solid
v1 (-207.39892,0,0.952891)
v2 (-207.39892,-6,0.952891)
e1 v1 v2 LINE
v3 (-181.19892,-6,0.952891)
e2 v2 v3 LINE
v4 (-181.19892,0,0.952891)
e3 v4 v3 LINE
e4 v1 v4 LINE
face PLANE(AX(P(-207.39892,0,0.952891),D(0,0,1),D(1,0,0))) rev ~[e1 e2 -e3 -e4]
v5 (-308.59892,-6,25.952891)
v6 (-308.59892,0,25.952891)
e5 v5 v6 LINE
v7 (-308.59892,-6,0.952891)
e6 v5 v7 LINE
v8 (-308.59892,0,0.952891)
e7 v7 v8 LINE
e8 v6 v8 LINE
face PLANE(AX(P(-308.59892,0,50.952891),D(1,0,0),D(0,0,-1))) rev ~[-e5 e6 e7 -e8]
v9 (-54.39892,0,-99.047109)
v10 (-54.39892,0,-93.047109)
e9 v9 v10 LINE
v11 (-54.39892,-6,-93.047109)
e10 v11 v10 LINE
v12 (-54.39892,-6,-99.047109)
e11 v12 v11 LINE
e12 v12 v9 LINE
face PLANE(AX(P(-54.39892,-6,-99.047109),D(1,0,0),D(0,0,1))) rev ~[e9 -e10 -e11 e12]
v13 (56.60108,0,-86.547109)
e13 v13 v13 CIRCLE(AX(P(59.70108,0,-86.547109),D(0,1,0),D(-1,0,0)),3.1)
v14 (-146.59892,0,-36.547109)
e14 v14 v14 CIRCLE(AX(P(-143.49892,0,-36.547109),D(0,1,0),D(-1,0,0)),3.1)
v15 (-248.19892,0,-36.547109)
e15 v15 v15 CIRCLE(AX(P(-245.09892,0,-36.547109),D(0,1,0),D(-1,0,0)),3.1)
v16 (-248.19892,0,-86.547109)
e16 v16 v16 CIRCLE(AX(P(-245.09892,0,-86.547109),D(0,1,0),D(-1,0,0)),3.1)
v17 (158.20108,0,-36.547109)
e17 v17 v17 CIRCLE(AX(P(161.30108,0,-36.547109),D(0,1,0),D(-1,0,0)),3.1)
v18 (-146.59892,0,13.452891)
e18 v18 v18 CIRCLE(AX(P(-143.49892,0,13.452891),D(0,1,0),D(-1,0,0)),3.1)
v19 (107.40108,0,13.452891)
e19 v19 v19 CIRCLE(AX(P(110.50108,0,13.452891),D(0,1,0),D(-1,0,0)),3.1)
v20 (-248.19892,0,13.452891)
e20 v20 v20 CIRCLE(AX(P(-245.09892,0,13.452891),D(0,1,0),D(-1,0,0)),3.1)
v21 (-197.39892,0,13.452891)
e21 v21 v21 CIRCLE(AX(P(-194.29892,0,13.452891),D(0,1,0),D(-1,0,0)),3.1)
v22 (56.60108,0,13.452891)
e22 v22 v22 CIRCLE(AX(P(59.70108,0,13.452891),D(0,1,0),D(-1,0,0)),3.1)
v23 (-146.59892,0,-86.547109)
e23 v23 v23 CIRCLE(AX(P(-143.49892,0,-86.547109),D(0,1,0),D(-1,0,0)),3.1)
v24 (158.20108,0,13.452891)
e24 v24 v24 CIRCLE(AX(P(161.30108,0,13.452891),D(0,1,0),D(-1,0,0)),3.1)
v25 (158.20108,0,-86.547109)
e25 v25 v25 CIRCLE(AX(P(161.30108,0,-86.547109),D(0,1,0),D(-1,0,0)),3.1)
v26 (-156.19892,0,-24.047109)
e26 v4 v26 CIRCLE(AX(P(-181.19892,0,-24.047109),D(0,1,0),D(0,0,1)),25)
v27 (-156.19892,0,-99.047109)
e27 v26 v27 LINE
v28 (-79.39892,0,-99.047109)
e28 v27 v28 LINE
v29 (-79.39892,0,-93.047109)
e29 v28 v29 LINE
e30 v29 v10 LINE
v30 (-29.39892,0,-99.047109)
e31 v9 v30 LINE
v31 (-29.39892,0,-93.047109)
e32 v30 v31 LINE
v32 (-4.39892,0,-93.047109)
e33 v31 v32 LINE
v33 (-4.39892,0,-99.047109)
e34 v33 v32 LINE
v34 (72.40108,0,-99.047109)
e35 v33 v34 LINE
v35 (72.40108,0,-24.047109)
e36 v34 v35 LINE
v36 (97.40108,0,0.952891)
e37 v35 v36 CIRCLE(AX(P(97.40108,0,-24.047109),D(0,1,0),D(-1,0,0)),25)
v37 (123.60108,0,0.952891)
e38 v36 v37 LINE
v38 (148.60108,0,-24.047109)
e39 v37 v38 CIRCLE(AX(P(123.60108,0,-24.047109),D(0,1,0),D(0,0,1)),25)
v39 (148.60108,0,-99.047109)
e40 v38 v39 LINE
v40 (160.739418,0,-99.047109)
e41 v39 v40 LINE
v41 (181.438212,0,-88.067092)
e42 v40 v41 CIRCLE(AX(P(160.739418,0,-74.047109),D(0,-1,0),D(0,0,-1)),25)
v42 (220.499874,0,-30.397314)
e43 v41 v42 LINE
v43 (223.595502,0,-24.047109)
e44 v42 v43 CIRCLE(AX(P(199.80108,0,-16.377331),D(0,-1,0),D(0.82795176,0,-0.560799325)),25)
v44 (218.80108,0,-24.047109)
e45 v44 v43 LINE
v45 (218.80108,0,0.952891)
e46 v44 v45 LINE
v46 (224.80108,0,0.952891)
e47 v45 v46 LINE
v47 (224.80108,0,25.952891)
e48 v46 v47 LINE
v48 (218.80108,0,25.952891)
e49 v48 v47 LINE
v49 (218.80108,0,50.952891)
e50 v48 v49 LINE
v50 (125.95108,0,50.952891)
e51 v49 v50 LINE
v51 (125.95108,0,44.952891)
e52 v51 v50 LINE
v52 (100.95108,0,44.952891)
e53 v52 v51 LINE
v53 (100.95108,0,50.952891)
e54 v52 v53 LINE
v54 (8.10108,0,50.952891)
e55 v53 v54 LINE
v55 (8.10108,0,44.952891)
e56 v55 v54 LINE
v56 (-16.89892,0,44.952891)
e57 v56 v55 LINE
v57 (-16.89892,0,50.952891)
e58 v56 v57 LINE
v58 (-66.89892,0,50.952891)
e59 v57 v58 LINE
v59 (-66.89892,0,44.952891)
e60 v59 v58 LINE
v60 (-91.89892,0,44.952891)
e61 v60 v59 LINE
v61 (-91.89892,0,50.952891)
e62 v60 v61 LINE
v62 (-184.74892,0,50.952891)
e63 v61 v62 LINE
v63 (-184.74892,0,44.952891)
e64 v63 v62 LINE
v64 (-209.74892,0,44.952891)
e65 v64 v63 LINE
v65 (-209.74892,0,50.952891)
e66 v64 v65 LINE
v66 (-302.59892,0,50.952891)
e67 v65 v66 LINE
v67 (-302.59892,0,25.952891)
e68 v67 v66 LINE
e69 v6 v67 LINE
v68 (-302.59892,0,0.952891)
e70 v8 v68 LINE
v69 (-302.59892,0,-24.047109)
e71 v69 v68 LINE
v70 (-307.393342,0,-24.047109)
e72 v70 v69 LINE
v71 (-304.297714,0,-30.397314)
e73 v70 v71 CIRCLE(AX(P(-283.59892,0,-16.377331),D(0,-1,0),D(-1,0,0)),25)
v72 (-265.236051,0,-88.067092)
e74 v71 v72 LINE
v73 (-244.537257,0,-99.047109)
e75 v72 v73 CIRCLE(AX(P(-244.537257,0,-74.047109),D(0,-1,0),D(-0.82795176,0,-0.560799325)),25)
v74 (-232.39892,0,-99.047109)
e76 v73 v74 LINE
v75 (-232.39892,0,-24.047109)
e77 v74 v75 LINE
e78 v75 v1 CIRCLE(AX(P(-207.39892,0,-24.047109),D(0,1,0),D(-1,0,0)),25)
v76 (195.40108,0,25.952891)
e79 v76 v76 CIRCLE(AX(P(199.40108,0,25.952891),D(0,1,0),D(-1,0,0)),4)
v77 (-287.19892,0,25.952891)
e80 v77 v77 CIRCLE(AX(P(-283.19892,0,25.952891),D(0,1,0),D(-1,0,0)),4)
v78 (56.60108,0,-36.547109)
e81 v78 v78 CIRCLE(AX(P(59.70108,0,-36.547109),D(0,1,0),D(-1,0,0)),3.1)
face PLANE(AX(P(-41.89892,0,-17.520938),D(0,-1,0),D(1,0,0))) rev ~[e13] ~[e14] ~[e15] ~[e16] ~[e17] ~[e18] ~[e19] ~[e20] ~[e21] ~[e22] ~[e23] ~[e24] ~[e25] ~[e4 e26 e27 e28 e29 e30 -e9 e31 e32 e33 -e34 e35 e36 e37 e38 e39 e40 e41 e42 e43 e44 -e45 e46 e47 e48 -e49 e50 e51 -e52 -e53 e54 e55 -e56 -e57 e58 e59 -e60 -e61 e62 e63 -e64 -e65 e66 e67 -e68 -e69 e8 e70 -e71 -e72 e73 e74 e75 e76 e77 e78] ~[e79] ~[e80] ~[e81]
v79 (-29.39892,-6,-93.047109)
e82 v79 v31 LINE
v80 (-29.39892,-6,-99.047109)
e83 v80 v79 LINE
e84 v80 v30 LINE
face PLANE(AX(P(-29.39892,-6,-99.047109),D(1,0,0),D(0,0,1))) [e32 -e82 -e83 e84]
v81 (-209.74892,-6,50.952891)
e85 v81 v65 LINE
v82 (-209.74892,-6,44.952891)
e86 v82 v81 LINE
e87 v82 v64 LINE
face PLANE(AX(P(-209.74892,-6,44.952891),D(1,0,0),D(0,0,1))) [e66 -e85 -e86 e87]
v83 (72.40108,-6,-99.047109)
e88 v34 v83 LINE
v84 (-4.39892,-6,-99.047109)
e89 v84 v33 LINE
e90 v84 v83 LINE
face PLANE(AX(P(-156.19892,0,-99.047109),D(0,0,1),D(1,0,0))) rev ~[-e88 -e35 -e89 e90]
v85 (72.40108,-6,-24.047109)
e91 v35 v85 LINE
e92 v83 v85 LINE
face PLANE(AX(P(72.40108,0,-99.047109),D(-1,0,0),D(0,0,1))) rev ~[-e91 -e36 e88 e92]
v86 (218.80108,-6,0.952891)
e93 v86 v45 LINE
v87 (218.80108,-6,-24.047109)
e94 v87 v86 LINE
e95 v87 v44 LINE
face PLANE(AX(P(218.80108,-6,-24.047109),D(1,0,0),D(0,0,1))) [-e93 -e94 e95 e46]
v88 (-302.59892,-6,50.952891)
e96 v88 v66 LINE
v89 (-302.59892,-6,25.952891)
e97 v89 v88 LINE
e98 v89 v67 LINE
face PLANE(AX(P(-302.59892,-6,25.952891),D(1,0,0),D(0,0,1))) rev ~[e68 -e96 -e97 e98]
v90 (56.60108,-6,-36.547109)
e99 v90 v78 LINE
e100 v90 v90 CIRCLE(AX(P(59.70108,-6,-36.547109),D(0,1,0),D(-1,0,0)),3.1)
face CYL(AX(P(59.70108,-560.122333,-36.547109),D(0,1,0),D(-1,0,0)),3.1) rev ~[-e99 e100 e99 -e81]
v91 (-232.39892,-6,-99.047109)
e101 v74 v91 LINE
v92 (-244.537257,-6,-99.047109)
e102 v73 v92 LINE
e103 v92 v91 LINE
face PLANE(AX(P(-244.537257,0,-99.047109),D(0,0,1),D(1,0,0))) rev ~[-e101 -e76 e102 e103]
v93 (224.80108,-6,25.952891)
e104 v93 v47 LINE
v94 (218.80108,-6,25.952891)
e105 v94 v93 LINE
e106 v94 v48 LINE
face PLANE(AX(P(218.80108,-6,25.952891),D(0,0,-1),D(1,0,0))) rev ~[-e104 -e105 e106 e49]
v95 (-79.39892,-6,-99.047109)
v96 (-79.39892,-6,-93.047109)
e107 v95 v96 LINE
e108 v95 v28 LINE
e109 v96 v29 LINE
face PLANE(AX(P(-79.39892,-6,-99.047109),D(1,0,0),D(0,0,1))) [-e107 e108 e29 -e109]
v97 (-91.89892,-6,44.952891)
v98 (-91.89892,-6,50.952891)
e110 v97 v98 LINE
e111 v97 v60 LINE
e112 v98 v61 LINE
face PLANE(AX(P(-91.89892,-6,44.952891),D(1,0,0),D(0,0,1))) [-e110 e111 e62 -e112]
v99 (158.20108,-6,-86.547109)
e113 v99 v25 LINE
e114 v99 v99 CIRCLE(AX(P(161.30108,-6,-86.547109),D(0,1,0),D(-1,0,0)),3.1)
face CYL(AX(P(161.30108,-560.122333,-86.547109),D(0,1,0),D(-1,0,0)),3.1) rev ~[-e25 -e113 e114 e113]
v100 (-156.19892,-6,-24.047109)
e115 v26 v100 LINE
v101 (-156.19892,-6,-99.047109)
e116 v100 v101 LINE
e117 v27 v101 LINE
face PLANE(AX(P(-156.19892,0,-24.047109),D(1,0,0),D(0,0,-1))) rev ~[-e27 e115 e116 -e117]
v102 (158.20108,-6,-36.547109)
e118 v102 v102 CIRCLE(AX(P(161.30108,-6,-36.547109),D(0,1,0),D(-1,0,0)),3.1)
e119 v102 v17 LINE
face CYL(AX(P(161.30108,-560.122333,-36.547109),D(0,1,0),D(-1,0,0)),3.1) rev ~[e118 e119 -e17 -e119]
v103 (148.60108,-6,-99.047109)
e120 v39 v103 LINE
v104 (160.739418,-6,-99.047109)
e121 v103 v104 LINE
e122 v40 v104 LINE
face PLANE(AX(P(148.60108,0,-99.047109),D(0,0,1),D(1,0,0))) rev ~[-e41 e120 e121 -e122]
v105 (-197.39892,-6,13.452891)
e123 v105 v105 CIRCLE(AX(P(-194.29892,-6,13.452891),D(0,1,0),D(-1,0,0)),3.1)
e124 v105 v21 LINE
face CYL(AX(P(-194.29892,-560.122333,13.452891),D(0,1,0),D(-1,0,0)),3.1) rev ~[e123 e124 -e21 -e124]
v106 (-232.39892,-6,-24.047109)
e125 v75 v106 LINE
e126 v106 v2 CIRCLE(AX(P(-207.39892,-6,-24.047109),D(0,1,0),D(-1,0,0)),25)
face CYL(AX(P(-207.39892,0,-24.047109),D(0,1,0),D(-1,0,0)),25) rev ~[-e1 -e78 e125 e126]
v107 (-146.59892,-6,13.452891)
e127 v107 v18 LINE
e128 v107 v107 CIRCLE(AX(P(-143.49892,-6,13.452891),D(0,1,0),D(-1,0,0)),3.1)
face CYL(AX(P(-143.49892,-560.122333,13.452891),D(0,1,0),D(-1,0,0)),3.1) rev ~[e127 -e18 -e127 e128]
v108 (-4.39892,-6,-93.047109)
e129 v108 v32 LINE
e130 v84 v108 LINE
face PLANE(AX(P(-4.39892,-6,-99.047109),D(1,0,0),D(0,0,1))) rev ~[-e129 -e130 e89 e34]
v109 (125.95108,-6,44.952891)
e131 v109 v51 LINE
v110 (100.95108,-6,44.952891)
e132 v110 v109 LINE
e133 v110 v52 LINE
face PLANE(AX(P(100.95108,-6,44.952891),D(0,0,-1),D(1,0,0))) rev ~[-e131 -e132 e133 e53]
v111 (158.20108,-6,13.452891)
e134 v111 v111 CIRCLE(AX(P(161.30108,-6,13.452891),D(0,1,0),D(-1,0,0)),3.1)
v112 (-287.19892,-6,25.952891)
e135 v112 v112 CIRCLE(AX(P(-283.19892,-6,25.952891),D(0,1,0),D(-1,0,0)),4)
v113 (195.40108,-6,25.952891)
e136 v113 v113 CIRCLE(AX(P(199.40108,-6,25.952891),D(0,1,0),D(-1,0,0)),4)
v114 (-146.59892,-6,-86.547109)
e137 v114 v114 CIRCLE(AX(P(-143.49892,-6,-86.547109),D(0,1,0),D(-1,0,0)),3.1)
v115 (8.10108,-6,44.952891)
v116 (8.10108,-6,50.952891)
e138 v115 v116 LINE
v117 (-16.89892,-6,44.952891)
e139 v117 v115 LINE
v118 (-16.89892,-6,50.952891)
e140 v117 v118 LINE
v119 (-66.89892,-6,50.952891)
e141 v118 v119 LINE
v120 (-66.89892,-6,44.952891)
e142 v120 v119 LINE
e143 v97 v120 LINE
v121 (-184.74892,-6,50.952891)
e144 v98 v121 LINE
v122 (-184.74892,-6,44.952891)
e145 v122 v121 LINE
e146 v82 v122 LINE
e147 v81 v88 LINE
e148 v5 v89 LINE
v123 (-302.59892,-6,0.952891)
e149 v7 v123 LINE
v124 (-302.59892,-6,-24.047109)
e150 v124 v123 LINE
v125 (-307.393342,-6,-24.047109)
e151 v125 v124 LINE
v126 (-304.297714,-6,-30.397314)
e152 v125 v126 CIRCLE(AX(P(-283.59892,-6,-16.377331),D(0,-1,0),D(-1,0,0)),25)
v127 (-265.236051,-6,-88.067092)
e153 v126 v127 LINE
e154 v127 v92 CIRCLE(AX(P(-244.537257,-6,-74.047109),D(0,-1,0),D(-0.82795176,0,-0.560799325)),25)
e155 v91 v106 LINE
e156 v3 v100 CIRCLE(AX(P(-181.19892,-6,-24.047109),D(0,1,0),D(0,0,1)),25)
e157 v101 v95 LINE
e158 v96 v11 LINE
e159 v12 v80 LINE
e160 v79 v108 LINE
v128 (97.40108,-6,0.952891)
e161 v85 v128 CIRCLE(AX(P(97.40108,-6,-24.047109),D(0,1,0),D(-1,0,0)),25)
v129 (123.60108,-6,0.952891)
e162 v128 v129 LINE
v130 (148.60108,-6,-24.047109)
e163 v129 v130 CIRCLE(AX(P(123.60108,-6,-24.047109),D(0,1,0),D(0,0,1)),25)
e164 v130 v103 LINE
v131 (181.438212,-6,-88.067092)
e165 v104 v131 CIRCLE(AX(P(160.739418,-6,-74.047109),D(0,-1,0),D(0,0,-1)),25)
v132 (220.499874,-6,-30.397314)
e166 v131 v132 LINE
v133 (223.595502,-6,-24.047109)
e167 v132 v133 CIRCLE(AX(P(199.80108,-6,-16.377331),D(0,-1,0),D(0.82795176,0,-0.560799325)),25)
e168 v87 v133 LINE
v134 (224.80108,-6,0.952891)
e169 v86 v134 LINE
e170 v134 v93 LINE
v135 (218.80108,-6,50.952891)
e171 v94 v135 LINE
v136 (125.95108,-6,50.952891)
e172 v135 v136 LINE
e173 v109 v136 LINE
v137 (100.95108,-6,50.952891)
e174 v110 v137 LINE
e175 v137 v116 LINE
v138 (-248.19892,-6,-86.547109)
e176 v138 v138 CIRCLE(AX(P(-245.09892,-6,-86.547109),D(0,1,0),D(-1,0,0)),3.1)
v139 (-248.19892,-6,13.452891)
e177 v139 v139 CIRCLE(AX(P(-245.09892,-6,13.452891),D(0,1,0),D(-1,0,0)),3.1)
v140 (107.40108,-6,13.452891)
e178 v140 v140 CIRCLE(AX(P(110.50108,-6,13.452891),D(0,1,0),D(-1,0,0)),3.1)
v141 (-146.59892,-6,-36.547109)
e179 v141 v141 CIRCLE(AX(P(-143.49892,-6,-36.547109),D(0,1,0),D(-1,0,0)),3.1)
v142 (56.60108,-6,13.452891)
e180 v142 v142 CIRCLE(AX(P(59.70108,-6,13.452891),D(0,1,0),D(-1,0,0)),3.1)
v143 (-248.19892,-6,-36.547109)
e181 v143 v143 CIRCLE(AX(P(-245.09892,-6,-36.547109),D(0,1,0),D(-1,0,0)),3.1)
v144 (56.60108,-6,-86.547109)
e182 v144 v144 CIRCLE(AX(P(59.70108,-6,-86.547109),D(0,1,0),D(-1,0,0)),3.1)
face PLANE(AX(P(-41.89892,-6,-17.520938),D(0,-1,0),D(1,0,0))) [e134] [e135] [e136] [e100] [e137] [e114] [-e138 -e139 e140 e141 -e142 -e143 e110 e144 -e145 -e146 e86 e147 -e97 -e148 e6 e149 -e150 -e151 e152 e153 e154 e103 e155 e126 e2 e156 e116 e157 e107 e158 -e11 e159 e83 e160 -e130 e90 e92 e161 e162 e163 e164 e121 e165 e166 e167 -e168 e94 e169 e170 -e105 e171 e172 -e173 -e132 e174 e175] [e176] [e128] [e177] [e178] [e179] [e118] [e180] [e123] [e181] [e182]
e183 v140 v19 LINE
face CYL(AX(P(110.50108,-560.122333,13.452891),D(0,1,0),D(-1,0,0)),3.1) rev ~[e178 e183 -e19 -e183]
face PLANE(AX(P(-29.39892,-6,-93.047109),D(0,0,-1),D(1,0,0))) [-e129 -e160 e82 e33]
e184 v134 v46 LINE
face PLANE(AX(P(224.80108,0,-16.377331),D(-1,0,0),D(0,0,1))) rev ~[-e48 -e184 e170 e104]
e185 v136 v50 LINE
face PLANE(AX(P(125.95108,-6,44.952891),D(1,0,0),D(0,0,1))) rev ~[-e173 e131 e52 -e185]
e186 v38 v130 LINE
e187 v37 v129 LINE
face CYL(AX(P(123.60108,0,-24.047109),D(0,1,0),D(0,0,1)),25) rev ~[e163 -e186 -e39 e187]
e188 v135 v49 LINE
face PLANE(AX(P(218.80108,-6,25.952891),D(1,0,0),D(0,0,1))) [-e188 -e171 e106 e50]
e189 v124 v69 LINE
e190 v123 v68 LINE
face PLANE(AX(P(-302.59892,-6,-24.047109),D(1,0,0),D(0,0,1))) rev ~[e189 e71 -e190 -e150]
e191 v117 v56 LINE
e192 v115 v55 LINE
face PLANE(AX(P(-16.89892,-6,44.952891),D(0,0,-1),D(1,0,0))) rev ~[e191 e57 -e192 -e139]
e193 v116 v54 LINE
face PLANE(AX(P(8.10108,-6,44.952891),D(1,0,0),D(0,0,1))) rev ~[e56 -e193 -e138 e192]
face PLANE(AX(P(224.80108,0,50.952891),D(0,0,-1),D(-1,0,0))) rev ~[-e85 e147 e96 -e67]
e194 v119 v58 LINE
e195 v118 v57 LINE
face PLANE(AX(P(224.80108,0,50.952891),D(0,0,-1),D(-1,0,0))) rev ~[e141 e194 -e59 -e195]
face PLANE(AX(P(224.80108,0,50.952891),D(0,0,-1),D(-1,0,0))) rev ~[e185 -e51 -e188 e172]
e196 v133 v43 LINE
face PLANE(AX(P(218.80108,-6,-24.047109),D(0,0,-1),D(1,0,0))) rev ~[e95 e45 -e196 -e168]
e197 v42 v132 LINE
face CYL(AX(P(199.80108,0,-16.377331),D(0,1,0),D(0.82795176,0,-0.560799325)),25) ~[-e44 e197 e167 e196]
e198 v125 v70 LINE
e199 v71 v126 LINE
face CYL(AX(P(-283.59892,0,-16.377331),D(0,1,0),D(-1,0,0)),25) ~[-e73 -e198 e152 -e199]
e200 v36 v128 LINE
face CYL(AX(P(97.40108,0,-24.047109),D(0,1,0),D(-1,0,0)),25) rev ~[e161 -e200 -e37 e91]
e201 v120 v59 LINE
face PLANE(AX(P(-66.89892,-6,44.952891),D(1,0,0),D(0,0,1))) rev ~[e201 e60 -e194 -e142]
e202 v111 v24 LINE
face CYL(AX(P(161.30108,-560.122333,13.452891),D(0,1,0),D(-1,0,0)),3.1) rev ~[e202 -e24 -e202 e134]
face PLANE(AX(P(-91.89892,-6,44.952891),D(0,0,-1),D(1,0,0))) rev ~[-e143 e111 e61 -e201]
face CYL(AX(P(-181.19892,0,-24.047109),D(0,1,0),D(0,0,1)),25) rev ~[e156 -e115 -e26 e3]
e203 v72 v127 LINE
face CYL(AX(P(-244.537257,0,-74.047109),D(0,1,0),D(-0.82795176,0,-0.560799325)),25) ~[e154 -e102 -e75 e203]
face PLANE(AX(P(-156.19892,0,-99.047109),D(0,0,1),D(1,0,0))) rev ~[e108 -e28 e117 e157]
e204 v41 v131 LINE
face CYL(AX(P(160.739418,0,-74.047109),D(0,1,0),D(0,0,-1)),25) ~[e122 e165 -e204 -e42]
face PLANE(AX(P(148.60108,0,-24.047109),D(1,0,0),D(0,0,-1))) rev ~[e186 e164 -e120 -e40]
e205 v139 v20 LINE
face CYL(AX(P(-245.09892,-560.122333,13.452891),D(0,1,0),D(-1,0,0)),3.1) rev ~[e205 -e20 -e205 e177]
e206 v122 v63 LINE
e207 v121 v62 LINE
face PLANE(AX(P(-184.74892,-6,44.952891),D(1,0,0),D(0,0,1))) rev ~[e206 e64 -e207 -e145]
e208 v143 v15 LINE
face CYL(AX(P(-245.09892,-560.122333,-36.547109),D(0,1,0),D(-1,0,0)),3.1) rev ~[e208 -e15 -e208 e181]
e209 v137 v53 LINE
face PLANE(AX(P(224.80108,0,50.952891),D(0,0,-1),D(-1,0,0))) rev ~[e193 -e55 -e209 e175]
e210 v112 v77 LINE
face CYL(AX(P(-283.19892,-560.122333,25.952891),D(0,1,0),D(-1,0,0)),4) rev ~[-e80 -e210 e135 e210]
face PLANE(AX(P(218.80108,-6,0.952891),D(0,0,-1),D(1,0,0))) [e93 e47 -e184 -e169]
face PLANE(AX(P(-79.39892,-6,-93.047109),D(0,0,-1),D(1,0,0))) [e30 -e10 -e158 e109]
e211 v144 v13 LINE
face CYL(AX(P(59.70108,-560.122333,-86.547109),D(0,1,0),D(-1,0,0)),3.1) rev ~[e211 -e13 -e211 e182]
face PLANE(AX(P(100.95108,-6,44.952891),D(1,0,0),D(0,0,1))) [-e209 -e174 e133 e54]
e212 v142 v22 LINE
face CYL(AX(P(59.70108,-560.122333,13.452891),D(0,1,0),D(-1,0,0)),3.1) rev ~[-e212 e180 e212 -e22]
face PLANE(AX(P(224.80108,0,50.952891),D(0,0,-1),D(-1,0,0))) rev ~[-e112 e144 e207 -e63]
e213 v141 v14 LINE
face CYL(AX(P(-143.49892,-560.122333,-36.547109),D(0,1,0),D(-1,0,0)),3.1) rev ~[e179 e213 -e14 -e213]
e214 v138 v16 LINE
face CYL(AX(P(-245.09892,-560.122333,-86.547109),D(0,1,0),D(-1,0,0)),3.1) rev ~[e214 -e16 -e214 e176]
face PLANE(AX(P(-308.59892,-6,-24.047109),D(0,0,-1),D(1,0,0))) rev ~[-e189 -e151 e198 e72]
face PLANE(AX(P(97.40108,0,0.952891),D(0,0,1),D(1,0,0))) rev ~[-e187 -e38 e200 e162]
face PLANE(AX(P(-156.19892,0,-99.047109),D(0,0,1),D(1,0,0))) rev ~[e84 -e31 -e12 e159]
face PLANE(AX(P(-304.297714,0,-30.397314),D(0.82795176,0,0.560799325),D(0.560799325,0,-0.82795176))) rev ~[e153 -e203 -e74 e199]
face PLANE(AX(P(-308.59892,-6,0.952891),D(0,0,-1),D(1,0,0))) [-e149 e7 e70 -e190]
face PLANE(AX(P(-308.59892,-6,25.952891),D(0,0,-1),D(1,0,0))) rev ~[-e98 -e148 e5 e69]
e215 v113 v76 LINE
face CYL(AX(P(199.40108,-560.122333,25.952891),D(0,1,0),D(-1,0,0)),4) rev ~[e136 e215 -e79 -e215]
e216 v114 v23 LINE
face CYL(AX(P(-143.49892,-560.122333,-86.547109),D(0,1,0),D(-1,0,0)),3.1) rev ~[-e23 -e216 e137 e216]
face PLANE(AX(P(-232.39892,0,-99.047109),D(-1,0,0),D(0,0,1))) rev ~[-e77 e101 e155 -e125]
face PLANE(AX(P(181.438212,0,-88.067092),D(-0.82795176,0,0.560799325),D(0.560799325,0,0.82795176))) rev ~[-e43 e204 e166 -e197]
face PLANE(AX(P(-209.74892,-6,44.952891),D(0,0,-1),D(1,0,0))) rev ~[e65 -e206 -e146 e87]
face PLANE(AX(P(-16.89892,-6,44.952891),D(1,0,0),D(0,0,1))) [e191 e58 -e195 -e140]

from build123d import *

# Parameters (mm, degrees)
F1_DEPTH = 6
F2_W     = 6
F2_H     = 25
F2_W_2   = 25
F2_H_2   = 6
F3_DEPTH = 25
F5_D     = 6.2
F6_D     = 8


with BuildPart() as f1:
    # F0 (on Front) → F1 (new body)
    with BuildSketch(Plane.XZ):
        with BuildLine():
            Line((224.8010802506, 50.9528913677), (-308.5989197494, 50.9528913677))
            Line((-308.5989197494, 50.9528913677), (-308.5989197494, -16.3773312117))
            ThreePointArc((-308.5989197494, -16.3773312117), (-307.4994411864, -23.709798398), (-304.2977137462, -30.3973143456))
            Line((-304.2977137462, -30.3973143456), (-265.2360511733, -88.0670917662))
            ThreePointArc((-265.2360511733, -88.0670917662), (-256.2526406882, -96.1321666846), (-244.5372571765, -99.0471086323))
            Line((-244.5372571765, -99.0471086323), (-232.3989197494, -99.0471086323))
            Line((-232.3989197494, -99.0471086323), (-232.3989197494, -24.0471086323))
            ThreePointArc((-232.3989197494, -24.0471086323), (-225.076589279, -6.3694391026), (-207.3989197494, 0.9528913677))
            Line((-207.3989197494, 0.9528913677), (-181.1989197494, 0.9528913677))
            ThreePointArc((-181.1989197494, 0.9528913677), (-163.5212502197, -6.3694391026), (-156.1989197494, -24.0471086323))
            Line((-156.1989197494, -24.0471086323), (-156.1989197494, -99.0471086323))
            Line((-156.1989197494, -99.0471086323), (72.4010802506, -99.0471086323))
            Line((72.4010802506, -99.0471086323), (72.4010802506, -24.0471086323))
            ThreePointArc((72.4010802506, -24.0471086323), (79.723410721, -6.3694391026), (97.4010802506, 0.9528913677))
            Line((97.4010802506, 0.9528913677), (123.6010802506, 0.9528913677))
            ThreePointArc((123.6010802506, 0.9528913677), (141.2787497803, -6.3694391026), (148.6010802506, -24.0471086323))
            Line((148.6010802506, -24.0471086323), (148.6010802506, -99.0471086323))
            Line((148.6010802506, -99.0471086323), (160.7394176777, -99.0471086323))
            ThreePointArc((160.7394176777, -99.0471086323), (172.4548011894, -96.1321666846), (181.4382116746, -88.0670917662))
            Line((181.4382116746, -88.0670917662), (220.4998742475, -30.3973143456))
            ThreePointArc((220.4998742475, -30.3973143456), (223.7016016877, -23.709798398), (224.8010802506, -16.3773312117))
            Line((224.8010802506, -16.3773312117), (224.8010802506, 50.9528913677))
        make_face()
    extrude(amount=F1_DEPTH)

    # F2 (on face) → F3 (cut)
    with BuildSketch(Plane.XZ.offset(6)):
        with Locations((-305.5989197494, 38.4528913677)):
            Rectangle(F2_W, F2_H)
        with Locations((-305.5989197494, -11.5471086323)):
            Rectangle(F2_W, F2_H)
        with Locations((221.8010802506, 38.4528913677)):
            Rectangle(F2_W, F2_H)
        with Locations((221.8010802506, -11.5471086323)):
            Rectangle(F2_W, F2_H)
        with Locations((-66.8989197494, -96.0471086323)):
            Rectangle(F2_W_2, F2_H_2)
        with Locations((-16.8989197494, -96.0471086323)):
            Rectangle(F2_W_2, F2_H_2)
        with Locations((-79.3989197494, 47.9528913677)):
            Rectangle(F2_W_2, F2_H_2)
        with Locations((-4.3989197494, 47.9528913677)):
            Rectangle(F2_W_2, F2_H_2)
        with Locations((-197.2489197494, 47.9528913677)):
            Rectangle(F2_W_2, F2_H_2)
        with Locations((113.4510802506, 47.9528913677)):
            Rectangle(F2_W_2, F2_H_2)
    extrude(amount=-F3_DEPTH, mode=Mode.SUBTRACT)

    # F5 (through all)
    with Locations(Plane.XZ.offset(6)):
        with Locations((-245.0989197494, -86.5471086323), (-245.0989197494, -36.5471086323), (-245.0989197494, 13.4528913677), (-194.2989197494, 13.4528913677), (-143.4989197494, 13.4528913677), (-143.4989197494, -36.5471086323), (-143.4989197494, -86.5471086323), (59.7010802506, -86.5471086323), (59.7010802506, -36.5471086323), (59.7010802506, 13.4528913677), (110.5010802506, 13.4528913677), (161.3010802506, 13.4528913677), (161.3010802506, -36.5471086323), (161.3010802506, -86.5471086323)):
            Hole(F5_D / 2)

    # F6 (through all)
    with Locations(Plane.XZ.offset(6)):
        with Locations((-283.1989197494, 25.9528913677), (199.4010802506, 25.9528913677)):
            Hole(F6_D / 2)


solid = f1.part
